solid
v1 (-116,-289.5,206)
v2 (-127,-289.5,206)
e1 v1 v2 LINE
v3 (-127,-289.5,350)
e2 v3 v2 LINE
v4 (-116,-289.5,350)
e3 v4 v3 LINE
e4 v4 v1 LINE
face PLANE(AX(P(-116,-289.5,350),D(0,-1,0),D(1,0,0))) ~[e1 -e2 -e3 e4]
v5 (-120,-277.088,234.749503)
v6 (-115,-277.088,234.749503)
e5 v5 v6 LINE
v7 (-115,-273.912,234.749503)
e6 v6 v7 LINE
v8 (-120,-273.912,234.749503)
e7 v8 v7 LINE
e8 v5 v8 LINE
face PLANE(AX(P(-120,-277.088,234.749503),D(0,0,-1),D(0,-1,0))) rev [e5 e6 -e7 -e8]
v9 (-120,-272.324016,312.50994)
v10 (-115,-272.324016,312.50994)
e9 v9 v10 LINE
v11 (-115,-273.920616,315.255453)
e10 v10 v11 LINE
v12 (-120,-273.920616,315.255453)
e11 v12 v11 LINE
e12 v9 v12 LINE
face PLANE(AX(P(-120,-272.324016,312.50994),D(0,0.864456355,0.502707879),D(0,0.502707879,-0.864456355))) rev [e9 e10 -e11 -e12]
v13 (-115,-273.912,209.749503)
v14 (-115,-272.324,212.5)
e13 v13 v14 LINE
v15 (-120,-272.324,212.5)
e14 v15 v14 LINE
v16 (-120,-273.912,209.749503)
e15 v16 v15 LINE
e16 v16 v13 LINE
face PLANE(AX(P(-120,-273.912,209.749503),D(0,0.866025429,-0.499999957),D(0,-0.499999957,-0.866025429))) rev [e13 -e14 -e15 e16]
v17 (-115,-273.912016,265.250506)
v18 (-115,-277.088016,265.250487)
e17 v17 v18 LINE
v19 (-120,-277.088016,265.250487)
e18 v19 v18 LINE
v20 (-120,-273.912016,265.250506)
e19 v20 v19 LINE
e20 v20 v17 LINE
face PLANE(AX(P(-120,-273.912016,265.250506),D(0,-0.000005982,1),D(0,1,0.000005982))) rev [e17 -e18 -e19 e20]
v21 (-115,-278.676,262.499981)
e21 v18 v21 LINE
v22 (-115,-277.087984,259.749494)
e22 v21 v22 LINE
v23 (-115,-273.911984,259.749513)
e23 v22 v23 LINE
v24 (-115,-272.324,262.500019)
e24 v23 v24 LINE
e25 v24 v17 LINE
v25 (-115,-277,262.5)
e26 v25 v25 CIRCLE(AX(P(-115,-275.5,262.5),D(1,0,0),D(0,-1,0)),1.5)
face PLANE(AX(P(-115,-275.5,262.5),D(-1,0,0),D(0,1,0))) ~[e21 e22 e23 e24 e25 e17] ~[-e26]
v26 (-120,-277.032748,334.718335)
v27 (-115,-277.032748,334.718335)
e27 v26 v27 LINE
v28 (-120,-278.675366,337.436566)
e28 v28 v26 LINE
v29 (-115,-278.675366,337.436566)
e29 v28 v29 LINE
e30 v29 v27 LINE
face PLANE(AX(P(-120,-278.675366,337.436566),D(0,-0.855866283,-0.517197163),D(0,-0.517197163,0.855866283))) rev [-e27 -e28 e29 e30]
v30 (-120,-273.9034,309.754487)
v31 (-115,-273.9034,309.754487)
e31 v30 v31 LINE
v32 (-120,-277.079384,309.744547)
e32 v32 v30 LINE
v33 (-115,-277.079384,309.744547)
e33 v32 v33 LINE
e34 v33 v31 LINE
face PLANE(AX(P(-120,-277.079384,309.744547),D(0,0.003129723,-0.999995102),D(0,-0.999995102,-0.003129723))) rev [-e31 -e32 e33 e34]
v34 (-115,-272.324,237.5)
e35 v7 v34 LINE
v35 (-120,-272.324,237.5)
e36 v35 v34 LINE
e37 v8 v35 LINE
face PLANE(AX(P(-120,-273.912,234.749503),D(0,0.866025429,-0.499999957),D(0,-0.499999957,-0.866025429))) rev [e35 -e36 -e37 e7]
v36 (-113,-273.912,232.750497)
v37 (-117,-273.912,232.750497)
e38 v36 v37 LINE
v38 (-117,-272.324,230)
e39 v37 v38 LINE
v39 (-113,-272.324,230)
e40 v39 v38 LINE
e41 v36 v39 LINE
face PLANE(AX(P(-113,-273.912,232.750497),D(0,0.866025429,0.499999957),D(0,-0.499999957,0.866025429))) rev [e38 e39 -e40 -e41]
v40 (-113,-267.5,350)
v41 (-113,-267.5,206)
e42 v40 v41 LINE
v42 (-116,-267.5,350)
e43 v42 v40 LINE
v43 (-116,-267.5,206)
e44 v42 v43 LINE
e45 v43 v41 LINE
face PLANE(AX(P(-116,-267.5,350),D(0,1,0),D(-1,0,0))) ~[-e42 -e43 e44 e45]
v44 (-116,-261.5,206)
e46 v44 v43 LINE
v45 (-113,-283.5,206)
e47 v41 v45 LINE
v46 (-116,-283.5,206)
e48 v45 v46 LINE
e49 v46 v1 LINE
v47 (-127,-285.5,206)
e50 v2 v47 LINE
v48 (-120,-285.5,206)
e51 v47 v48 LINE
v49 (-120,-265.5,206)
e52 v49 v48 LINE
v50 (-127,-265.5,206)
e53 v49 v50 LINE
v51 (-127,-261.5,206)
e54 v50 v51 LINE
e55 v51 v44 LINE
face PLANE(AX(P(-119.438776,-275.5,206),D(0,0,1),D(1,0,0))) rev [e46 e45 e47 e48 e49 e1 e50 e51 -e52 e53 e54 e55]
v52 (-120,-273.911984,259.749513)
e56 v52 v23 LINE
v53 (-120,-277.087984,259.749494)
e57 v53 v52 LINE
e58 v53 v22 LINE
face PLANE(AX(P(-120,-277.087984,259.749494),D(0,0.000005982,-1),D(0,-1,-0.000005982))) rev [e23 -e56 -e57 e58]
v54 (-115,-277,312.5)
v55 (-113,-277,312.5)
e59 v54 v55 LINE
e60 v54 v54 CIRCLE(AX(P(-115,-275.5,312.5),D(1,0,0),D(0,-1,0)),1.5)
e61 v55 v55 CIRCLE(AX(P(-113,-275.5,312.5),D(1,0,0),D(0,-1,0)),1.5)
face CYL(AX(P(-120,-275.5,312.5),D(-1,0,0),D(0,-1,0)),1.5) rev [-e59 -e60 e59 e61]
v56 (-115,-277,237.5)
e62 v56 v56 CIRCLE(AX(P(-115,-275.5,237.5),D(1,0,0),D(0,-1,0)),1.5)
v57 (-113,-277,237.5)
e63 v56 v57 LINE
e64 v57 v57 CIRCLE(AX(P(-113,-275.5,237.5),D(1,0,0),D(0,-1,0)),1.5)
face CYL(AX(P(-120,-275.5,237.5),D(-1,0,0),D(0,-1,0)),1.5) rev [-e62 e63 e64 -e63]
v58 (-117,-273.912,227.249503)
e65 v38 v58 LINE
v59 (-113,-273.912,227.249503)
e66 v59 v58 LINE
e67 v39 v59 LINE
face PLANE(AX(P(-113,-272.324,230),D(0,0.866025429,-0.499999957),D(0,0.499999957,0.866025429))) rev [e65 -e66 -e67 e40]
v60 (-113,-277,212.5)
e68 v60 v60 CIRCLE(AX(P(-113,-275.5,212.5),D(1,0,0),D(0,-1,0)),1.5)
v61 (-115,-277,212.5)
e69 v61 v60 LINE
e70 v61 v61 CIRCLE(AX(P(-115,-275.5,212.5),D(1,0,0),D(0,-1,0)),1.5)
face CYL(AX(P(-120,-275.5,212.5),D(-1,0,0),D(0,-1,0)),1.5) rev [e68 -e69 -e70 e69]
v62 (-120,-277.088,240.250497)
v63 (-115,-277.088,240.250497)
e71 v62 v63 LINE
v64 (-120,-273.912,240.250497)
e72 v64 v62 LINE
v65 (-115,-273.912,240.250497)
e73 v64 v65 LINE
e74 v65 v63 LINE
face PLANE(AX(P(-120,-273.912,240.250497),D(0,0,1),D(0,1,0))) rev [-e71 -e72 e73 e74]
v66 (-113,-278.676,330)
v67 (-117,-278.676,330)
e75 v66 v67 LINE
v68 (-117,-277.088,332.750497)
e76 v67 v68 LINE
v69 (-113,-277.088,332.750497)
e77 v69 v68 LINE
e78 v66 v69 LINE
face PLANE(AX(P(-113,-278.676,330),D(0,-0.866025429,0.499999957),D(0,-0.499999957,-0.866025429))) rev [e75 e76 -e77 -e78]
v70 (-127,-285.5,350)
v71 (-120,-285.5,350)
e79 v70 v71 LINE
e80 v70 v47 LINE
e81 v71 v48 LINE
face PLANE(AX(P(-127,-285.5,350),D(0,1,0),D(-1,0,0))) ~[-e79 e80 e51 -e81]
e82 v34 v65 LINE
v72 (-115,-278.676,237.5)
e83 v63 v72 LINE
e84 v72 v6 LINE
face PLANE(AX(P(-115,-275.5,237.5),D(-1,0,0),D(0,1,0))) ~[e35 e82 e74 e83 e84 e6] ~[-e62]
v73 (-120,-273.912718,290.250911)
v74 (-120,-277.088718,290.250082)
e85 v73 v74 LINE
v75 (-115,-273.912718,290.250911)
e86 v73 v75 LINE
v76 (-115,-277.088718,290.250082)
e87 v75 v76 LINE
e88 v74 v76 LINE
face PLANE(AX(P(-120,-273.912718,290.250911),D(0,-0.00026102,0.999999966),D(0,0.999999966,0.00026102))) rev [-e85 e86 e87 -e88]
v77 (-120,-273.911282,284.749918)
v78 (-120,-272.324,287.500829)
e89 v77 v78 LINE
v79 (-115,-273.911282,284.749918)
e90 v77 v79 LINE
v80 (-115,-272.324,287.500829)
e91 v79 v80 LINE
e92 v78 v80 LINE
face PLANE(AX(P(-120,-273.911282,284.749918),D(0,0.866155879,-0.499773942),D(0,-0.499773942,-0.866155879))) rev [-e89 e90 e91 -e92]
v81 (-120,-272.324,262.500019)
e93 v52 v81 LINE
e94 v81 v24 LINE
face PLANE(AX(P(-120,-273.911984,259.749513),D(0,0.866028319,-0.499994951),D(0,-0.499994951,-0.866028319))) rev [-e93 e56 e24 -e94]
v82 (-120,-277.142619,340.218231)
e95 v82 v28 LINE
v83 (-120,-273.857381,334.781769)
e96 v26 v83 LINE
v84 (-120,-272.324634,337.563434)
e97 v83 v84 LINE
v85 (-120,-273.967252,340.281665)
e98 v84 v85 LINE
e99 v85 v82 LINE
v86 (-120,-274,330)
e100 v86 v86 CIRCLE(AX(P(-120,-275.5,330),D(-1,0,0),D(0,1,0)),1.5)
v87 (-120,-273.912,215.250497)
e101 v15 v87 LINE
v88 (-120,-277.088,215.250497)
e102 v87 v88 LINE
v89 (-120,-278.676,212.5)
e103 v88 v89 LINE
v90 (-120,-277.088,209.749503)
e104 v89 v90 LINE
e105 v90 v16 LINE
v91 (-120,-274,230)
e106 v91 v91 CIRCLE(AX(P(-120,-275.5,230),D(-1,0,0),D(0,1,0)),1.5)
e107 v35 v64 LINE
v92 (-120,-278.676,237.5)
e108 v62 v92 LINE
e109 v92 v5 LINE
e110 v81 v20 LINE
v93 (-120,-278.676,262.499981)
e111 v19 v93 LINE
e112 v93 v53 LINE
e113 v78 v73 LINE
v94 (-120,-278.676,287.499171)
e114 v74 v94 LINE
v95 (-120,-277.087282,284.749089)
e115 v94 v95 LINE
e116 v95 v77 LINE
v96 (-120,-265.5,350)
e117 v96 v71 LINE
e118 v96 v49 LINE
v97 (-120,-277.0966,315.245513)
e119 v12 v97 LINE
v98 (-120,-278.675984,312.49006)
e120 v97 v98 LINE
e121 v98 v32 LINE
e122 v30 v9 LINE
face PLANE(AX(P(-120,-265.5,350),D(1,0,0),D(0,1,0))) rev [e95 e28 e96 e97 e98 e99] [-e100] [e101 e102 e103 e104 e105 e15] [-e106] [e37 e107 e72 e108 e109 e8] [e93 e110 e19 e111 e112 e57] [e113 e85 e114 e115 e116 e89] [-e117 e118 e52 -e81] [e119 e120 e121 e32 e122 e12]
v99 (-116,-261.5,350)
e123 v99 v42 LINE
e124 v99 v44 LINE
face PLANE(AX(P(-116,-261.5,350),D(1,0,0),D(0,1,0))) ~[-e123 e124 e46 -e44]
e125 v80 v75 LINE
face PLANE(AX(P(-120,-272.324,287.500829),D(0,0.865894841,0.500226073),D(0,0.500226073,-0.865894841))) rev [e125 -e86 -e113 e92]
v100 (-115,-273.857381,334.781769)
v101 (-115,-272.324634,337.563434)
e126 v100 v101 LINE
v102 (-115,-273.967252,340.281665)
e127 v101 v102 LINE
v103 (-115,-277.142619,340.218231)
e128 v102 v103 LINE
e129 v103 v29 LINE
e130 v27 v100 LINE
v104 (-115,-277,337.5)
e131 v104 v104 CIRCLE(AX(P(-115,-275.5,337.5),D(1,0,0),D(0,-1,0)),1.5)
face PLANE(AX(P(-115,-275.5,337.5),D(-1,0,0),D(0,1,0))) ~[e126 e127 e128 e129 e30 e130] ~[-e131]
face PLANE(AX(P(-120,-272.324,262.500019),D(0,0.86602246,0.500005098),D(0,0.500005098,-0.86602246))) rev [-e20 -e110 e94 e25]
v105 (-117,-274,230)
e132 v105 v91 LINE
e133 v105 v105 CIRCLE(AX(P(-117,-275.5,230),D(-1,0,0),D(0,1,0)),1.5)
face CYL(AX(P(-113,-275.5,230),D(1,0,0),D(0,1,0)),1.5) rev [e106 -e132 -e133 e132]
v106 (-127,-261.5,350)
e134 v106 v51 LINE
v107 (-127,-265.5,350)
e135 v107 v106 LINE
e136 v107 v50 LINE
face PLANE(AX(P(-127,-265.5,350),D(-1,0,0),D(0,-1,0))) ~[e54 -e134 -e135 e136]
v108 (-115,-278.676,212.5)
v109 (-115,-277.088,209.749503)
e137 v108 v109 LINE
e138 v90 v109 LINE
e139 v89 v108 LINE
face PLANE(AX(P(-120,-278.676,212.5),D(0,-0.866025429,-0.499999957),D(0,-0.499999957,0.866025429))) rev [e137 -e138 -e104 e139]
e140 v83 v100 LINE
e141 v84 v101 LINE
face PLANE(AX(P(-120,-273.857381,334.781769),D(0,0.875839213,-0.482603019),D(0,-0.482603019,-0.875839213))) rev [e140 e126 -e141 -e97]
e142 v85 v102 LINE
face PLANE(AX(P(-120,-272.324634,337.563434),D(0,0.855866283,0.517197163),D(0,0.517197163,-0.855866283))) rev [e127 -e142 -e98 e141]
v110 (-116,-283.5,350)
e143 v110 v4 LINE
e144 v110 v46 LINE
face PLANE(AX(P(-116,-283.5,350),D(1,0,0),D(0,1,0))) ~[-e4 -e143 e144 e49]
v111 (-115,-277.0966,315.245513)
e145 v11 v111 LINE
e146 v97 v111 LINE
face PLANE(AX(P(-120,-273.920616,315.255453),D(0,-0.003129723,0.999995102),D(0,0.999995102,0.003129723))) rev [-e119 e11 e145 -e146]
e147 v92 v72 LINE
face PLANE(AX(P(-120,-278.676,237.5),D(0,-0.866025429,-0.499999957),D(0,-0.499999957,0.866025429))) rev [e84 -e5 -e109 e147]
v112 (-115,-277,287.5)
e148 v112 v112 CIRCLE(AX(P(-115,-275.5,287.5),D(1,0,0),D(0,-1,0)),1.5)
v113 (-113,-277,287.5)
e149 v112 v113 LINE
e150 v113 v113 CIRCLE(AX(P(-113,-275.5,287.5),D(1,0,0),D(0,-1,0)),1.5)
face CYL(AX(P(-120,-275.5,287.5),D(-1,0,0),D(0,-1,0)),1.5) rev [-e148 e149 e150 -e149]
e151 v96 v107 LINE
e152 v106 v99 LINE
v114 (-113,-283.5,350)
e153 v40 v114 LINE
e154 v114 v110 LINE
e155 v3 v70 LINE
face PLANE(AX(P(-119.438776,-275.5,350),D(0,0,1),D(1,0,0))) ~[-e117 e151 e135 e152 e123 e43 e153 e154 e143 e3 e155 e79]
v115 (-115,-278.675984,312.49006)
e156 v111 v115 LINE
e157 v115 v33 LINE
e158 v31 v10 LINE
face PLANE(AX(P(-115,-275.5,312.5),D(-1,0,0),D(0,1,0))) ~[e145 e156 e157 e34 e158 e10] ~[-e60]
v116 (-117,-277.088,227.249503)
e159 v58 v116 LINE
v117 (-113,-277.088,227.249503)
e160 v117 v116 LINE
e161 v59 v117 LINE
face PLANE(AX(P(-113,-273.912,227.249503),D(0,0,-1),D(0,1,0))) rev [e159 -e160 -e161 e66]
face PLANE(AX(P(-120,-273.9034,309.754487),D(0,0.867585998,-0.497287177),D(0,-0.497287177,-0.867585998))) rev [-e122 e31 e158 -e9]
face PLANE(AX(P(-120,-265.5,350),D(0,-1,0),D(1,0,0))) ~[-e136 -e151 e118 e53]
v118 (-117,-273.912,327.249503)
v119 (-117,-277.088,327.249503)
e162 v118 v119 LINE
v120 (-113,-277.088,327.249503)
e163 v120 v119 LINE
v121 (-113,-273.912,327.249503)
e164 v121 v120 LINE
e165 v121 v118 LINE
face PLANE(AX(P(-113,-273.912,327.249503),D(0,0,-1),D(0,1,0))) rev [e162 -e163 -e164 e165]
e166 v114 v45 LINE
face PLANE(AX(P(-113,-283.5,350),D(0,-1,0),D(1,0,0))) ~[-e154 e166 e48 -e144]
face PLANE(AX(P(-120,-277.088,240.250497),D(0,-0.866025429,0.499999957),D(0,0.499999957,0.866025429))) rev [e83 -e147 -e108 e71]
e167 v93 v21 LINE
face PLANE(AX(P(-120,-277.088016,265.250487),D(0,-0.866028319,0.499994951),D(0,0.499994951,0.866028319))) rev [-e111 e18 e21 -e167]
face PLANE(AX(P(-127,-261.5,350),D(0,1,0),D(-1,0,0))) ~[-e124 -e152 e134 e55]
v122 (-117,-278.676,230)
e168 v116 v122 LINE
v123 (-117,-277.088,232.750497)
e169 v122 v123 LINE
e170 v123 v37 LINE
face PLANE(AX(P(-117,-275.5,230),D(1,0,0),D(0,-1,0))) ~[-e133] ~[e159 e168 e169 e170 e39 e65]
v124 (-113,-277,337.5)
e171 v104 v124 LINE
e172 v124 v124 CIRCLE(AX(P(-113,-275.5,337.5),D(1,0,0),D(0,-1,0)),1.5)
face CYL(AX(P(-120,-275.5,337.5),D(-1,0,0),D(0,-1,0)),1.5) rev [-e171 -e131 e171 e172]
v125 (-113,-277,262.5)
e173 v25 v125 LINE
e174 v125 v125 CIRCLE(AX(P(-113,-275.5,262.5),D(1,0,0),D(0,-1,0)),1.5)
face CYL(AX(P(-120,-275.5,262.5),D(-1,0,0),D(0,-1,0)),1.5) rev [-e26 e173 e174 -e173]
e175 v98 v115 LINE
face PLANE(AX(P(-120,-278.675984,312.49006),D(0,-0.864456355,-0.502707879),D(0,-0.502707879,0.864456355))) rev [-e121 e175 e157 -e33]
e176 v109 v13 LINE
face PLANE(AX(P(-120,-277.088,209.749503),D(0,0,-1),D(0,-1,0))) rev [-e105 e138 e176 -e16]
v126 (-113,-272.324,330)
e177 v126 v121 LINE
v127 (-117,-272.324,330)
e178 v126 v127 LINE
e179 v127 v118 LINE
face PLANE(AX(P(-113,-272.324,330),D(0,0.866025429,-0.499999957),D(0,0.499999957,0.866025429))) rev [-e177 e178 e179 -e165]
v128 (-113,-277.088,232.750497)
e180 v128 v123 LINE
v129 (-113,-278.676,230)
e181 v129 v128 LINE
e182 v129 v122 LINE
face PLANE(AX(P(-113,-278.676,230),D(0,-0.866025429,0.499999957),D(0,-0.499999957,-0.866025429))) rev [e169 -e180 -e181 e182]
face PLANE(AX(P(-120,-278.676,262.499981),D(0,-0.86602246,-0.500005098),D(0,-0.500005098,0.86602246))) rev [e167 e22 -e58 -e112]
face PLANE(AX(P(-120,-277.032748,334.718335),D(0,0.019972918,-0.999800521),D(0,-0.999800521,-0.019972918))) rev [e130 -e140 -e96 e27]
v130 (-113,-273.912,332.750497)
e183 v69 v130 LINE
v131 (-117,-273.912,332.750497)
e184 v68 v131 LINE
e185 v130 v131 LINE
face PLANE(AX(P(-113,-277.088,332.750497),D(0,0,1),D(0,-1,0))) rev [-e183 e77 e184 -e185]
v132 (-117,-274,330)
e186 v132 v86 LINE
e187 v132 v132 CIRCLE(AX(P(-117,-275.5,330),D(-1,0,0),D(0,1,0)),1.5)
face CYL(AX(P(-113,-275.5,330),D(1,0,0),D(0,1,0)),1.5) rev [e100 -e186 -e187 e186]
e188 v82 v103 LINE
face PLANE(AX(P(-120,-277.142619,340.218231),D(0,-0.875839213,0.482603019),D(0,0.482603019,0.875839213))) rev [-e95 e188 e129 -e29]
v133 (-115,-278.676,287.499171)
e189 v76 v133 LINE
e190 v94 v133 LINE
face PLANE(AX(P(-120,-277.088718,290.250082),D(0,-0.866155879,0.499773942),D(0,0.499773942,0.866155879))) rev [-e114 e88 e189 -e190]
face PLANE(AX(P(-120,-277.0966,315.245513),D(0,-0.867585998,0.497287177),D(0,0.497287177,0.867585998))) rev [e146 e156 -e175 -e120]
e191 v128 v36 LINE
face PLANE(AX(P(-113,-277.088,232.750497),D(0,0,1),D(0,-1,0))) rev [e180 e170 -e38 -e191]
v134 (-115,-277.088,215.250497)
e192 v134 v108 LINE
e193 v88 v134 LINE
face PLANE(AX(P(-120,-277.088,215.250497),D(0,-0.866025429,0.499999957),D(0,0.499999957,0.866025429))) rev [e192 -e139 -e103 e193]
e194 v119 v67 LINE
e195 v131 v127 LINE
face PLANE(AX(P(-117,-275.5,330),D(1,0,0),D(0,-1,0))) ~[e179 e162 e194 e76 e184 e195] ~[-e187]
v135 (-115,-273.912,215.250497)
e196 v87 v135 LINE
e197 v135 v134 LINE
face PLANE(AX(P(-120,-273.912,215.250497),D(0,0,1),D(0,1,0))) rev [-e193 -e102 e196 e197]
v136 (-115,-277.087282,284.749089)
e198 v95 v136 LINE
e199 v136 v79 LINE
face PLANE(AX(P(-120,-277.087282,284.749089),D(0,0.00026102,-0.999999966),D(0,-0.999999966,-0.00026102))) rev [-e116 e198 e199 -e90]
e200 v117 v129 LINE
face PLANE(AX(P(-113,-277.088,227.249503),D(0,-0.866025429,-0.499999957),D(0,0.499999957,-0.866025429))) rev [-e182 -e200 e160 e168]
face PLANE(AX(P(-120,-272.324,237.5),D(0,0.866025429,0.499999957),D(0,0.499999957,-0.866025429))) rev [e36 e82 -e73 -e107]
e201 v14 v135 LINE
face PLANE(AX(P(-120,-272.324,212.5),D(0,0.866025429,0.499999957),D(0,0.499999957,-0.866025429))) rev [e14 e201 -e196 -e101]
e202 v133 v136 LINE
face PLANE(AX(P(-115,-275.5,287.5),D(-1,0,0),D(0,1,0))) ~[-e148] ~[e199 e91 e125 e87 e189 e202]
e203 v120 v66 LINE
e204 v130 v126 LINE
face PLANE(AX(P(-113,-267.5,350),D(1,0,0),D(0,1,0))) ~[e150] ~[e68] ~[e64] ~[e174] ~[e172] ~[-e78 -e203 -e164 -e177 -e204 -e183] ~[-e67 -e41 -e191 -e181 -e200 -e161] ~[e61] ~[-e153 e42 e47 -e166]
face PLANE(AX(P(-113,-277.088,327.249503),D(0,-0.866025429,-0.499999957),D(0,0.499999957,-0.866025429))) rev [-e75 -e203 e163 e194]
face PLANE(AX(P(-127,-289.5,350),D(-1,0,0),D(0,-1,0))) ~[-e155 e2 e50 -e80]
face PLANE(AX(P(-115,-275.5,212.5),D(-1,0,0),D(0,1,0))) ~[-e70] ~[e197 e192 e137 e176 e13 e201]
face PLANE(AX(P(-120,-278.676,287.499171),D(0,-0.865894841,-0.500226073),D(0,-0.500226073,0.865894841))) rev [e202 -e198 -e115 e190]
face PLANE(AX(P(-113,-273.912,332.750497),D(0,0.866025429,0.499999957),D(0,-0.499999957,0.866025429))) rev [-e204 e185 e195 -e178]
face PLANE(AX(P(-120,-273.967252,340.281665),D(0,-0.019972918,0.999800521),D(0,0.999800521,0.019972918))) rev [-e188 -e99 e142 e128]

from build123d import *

# Parameters (mm, degrees)
PAD033_DEPTH            = 144
SKETCH060_R             = 1.5
POCKET025_DEPTH         = 7
POCKET026_DEPTH         = 4
SKETCH065_R             = 1.5
POCKET029_DEPTH         = 7
POCKET030_DEPTH         = 5
BODY018_ROLL_ANGLE      = 90
BODY018_PLACEMENT_ANGLE = 180


with BuildPart() as righthigh:
    # Sketch059 → Pad033 (new body)
    with BuildSketch(Plane.XZ):
        Polygon((0, 0), (0, 10), (-7, 10), (-7, 14), (4, 14), (4, 8), (7, 8), (7, -8), (4, -8), (4, -14), (-7, -14), (-7, -10), (0, -10), align=None)
    extrude(amount=PAD033_DEPTH)

    # Sketch060 (on Face6 of Pad033) → Pocket025 (cut)
    with BuildSketch(Plane(origin=(7, 0, 0), x_dir=(0, 0, 1), z_dir=(1, 0, 0))):
        with Locations((0, 120)):
            Circle(SKETCH060_R)
        with Locations((0, 20)):
            Circle(SKETCH060_R)
    extrude(amount=-POCKET025_DEPTH, mode=Mode.SUBTRACT)

    # Sketch061 (on Face12 of Pocket025) → Pocket026 (cut)
    with BuildSketch(Plane(origin=(7, 0, 0), x_dir=(0, 0, 1), z_dir=(1, 0, 0))):
        Polygon((3.176, 20), (1.588, 22.750497), (-1.588, 22.750497), (-3.176, 20), (-1.588, 17.249503), (1.588, 17.249503), align=None)
        Polygon((3.176, 120), (1.588, 122.750497), (-1.588, 122.750497), (-3.176, 120), (-1.588, 117.249503), (1.588, 117.249503), align=None)
    extrude(amount=-POCKET026_DEPTH, mode=Mode.SUBTRACT)

    # Sketch065 (on Face2 of Pocket026) → Pocket029 (cut)
    with BuildSketch(Plane(origin=(0, 0, 0), x_dir=(0, 0, -1), z_dir=(-1, 0, 0))):
        with Locations((0, 12.5)):
            Circle(SKETCH065_R)
        with Locations((0, 37.5)):
            Circle(SKETCH065_R)
        with Locations((0, 62.5)):
            Circle(SKETCH065_R)
        with Locations((0, 87.5)):
            Circle(SKETCH065_R)
        with Locations((0, 112.5)):
            Circle(SKETCH065_R)
        with Locations((0, 137.5)):
            Circle(SKETCH065_R)
    extrude(amount=-POCKET029_DEPTH, mode=Mode.SUBTRACT)

    # Sketch066 → Pocket030 (cut)
    with BuildSketch(Plane(origin=(0, 0, 0), x_dir=(0, 0, -1), z_dir=(-1, 0, 0))):
        Polygon((3.175366, 12.563434), (1.532748, 15.281665), (-1.642619, 15.218231), (-3.175366, 12.436566), (-1.532748, 9.718335), (1.642619, 9.781769), align=None)
        Polygon((3.175984, 37.50994), (1.579384, 40.255453), (-1.5966, 40.245513), (-3.175984, 37.49006), (-1.579384, 34.744547), (1.5966, 34.754487), align=None)
        Polygon((3.176, 62.500829), (1.587282, 65.250911), (-1.588718, 65.250082), (-3.176, 62.499171), (-1.587282, 59.749089), (1.588718, 59.749918), align=None)
        Polygon((3.176, 87.500019), (1.587984, 90.250506), (-1.588016, 90.250487), (-3.176, 87.499981), (-1.587984, 84.749494), (1.588016, 84.749513), align=None)
        Polygon((3.176, 112.5), (1.588, 115.250497), (-1.588, 115.250497), (-3.176, 112.5), (-1.588, 109.749503), (1.588, 109.749503), align=None)
        Polygon((3.176, 137.5), (1.588, 140.250497), (-1.588, 140.250497), (-3.176, 137.5), (-1.588, 134.749503), (1.588, 134.749503), align=None)
    extrude(amount=-POCKET030_DEPTH, mode=Mode.SUBTRACT)


with BuildPart() as righthigh_1:
    # Body018 roll: moved
    add(righthigh.part.rotate(Axis((0, 0, 0), (1, 0, 0)), BODY018_ROLL_ANGLE))


with BuildPart() as righthigh_2:
    # Body018 placement: moved
    add(righthigh_1.part.moved(Location((120, -275.5, 350))).rotate(Axis((120, -275.5, 350), (0, 0, 1)), BODY018_PLACEMENT_ANGLE))


with BuildPart() as lefthigh:
    # Part__Mirroring007: instance of RightHigh
    add(righthigh_2.part.mirror(Plane(origin=(0, 0, 0), x_dir=(0, -1, 0), z_dir=(1, 0, 0))))


solid = lefthigh.part
